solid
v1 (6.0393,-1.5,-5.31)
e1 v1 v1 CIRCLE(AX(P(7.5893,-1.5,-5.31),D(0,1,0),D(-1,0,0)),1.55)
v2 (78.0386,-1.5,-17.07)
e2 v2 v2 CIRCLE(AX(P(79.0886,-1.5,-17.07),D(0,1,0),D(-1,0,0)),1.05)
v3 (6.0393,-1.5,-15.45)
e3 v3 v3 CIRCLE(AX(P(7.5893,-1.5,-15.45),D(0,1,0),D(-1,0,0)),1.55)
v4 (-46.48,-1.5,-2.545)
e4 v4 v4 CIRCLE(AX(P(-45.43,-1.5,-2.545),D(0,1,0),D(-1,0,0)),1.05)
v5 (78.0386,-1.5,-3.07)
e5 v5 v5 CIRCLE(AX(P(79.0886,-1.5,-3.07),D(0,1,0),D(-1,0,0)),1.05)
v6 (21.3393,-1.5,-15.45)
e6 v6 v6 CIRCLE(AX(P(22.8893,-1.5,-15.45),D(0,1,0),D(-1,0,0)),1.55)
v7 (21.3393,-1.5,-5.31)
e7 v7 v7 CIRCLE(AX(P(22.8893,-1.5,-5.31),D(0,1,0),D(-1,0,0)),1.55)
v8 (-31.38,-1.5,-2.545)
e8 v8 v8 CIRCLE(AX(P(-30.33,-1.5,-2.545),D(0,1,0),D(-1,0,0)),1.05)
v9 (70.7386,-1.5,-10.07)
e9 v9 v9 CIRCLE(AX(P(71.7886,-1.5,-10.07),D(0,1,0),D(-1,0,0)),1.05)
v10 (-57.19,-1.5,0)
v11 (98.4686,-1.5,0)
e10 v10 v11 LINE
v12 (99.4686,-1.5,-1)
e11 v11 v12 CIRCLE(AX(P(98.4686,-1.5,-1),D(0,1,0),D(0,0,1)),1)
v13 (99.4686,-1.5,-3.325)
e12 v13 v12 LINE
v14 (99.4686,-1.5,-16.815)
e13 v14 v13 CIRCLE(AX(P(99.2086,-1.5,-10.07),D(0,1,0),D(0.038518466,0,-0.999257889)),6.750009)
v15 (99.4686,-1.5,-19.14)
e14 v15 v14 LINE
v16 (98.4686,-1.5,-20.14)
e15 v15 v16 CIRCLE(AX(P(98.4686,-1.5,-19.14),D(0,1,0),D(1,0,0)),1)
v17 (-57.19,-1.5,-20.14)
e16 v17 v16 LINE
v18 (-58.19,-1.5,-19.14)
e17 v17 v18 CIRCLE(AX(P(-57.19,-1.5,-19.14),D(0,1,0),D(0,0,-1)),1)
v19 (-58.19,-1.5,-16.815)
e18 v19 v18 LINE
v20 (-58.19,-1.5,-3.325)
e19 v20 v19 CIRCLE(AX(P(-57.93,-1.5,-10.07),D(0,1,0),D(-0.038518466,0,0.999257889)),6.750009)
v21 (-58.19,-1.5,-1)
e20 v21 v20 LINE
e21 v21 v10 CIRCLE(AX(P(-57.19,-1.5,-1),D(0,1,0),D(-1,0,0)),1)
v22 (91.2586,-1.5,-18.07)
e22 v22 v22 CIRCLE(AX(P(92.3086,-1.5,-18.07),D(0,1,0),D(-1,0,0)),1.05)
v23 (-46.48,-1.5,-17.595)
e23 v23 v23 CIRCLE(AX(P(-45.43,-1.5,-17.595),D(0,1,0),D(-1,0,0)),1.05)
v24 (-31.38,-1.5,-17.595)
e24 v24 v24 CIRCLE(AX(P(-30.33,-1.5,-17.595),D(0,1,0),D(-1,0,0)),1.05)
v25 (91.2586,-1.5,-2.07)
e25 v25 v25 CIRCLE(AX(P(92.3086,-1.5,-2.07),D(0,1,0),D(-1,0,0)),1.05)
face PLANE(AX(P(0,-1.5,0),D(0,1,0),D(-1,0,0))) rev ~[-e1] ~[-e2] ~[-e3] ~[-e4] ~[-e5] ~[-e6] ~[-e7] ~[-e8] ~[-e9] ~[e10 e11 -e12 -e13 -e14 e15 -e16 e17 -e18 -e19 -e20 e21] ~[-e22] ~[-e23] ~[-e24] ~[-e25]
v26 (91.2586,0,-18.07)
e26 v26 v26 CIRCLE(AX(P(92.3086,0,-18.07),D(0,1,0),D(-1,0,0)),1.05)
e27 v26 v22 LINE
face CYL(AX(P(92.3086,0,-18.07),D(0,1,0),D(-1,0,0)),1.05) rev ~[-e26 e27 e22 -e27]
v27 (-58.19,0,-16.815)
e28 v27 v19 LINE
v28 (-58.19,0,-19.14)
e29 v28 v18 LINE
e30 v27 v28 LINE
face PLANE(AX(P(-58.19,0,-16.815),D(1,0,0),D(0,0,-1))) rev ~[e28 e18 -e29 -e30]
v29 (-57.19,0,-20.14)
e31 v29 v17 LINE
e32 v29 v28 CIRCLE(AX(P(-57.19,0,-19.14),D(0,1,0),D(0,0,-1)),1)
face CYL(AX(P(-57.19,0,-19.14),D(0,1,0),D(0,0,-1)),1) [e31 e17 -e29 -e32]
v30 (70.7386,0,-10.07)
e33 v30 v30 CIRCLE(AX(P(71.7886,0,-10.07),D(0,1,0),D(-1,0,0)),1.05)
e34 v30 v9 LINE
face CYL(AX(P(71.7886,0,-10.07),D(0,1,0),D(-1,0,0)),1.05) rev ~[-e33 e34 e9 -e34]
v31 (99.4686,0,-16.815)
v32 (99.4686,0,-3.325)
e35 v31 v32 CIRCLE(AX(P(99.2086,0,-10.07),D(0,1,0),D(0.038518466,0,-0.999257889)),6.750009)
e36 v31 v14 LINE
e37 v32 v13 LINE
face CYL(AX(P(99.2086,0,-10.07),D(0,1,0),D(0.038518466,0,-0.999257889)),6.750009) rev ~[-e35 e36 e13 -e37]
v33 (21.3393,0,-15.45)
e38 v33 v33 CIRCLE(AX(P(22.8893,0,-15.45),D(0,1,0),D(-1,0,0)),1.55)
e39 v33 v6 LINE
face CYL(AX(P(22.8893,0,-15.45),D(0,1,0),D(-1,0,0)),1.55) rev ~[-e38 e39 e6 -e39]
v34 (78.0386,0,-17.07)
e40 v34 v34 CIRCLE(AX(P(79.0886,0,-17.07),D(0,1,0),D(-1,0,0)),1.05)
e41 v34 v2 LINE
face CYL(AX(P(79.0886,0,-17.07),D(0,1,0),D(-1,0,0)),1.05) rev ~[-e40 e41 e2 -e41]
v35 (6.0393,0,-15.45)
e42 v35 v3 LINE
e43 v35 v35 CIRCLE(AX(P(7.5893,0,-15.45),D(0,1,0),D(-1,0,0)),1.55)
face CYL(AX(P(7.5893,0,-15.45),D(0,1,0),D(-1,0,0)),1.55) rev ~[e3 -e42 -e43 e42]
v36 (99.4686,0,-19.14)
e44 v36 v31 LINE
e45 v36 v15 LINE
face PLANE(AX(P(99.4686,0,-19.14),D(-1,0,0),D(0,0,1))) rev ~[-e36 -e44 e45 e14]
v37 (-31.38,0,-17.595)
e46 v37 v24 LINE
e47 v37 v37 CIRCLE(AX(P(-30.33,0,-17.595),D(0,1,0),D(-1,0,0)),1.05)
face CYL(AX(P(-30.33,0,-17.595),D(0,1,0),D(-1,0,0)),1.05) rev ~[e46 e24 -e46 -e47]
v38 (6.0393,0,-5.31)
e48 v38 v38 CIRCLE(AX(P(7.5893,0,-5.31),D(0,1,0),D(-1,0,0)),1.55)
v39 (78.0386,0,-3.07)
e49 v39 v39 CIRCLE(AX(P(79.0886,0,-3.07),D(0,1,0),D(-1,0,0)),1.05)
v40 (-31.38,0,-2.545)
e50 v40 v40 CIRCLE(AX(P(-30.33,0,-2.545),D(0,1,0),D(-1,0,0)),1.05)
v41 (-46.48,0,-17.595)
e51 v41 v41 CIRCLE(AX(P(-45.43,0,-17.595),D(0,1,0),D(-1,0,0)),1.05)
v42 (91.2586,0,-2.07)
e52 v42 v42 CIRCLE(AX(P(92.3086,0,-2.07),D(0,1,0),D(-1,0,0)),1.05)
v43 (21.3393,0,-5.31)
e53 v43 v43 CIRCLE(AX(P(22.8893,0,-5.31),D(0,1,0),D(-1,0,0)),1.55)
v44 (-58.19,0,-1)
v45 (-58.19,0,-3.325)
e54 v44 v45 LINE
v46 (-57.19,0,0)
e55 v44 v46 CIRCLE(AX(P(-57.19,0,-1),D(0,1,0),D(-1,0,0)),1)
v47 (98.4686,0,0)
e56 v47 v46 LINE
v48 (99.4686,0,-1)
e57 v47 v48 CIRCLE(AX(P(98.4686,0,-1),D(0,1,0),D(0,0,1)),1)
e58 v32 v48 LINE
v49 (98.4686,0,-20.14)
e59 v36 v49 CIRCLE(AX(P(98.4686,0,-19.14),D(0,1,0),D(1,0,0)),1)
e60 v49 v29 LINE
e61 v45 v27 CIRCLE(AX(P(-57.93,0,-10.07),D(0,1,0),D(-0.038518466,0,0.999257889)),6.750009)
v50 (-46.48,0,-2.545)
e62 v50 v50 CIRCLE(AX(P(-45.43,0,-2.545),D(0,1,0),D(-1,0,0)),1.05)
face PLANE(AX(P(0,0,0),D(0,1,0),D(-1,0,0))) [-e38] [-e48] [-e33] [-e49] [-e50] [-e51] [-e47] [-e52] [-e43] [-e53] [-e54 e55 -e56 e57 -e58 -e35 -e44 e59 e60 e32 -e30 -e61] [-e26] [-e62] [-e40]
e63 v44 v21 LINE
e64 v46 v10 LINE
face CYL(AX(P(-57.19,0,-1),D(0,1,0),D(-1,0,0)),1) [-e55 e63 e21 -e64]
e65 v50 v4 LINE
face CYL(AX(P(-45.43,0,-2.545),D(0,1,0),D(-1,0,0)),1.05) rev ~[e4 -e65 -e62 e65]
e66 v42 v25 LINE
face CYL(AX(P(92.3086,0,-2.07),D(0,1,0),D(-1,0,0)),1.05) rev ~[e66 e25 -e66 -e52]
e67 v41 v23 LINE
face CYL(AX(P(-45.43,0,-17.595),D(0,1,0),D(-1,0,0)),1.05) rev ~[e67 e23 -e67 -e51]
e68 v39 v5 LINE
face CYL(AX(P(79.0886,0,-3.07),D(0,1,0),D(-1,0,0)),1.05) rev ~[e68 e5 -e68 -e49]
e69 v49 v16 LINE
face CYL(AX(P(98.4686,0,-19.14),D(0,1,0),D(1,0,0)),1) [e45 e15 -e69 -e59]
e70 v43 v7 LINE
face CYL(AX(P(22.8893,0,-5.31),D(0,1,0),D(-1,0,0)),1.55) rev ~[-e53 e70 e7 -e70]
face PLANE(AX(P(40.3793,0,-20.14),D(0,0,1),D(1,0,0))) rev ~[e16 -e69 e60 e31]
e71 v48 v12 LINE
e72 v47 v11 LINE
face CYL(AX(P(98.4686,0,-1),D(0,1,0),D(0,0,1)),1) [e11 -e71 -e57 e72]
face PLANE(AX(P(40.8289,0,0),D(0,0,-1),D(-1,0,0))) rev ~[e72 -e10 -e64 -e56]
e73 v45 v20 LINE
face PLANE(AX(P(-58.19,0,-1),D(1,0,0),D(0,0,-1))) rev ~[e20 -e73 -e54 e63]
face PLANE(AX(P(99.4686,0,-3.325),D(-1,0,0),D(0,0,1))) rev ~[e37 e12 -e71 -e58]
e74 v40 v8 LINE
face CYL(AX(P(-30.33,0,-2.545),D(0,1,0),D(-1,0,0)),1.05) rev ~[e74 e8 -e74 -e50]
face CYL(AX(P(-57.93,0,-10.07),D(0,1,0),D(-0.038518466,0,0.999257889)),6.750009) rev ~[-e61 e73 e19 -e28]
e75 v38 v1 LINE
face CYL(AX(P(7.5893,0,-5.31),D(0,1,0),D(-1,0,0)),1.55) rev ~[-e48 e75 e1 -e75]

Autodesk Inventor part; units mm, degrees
ref_plane "YZ Plane" through (0, 0, 0) normal (1, 0, 0) x (0, 1, 0)
ref_plane "XZ Plane" through (0, 0, 0) normal (0, 1, 0) x (-1, 0, 0)
ref_plane "XY Plane" through (0, 0, 0) normal (0, 0, 1) x (1, 0, 0)
sketch "Sketch1" plane through (0, 0, 0) normal (0, 1, 0) x (-1, 0, 0)
  line L0 (-40.8289, 0) -> (-40.8289, -20.14)
  line L1 (-0.4496, -20.14) -> (-0.4496, 0)
  circle A0 centre (45.43, -2.545) radius 1.05
  circle A1 centre (45.43, -17.595) radius 1.05
  circle A2 centre (30.33, -2.545) radius 1.05
  circle A3 centre (30.33, -17.595) radius 1.05
  circle A4 centre (-22.8893, -5.31) radius 1.55
  circle A5 centre (-22.8893, -15.45) radius 1.55
  circle A6 centre (-7.5893, -5.31) radius 1.55
  circle A7 centre (-7.5893, -15.45) radius 1.55
  circle A8 centre (-92.3086, -18.07) radius 1.05
  circle A9 centre (-92.3086, -2.07) radius 1.05
  circle A10 centre (-79.0886, -17.07) radius 1.05
  circle A11 centre (-79.0886, -3.07) radius 1.05
  circle A12 centre (-71.7886, -10.07) radius 1.05
  arc A13 (58.19, -3.325) -> (58.19, -16.815) centre (57.93, -10.07) ccw
  line L2 (58.19, -16.815) -> (58.19, -19.14)
  arc A14 (-99.4686, -16.815) -> (-99.4686, -3.325) centre (-99.2086, -10.07) ccw
  line L3 (-99.4686, -19.14) -> (-99.4686, -16.815)
  arc A15 (-99.4686, -19.14) -> (-98.4686, -20.14) centre (-98.4686, -19.14) ccw
  line L4 (57.19, -20.14) -> (-98.4686, -20.14)
  arc A16 (57.19, -20.14) -> (58.19, -19.14) centre (57.19, -19.14) ccw
  line L5 (58.19, -1) -> (58.19, -3.325)
  arc A17 (58.19, -1) -> (57.19, 0) centre (57.19, -1) ccw
  line L6 (-98.4686, 0) -> (57.19, 0)
  arc A18 (-98.4686, 0) -> (-99.4686, -1) centre (-98.4686, -1) ccw
  line L7 (-99.4686, -3.325) -> (-99.4686, -1)
  line L8 (-41.2786, -20.14) -> (-41.2786, 0)
  line L9 (-40.3793, 0) -> (-40.3793, -20.14)
  line L10 (-0.8993, -20.14) -> (-0.8993, 0)
  line L11 (0, 0) -> (0, -20.14)
extrude "Extrusion1" add sketch "Sketch1" against normal blind 1.5
properties part number "axis_21_top_frame"
